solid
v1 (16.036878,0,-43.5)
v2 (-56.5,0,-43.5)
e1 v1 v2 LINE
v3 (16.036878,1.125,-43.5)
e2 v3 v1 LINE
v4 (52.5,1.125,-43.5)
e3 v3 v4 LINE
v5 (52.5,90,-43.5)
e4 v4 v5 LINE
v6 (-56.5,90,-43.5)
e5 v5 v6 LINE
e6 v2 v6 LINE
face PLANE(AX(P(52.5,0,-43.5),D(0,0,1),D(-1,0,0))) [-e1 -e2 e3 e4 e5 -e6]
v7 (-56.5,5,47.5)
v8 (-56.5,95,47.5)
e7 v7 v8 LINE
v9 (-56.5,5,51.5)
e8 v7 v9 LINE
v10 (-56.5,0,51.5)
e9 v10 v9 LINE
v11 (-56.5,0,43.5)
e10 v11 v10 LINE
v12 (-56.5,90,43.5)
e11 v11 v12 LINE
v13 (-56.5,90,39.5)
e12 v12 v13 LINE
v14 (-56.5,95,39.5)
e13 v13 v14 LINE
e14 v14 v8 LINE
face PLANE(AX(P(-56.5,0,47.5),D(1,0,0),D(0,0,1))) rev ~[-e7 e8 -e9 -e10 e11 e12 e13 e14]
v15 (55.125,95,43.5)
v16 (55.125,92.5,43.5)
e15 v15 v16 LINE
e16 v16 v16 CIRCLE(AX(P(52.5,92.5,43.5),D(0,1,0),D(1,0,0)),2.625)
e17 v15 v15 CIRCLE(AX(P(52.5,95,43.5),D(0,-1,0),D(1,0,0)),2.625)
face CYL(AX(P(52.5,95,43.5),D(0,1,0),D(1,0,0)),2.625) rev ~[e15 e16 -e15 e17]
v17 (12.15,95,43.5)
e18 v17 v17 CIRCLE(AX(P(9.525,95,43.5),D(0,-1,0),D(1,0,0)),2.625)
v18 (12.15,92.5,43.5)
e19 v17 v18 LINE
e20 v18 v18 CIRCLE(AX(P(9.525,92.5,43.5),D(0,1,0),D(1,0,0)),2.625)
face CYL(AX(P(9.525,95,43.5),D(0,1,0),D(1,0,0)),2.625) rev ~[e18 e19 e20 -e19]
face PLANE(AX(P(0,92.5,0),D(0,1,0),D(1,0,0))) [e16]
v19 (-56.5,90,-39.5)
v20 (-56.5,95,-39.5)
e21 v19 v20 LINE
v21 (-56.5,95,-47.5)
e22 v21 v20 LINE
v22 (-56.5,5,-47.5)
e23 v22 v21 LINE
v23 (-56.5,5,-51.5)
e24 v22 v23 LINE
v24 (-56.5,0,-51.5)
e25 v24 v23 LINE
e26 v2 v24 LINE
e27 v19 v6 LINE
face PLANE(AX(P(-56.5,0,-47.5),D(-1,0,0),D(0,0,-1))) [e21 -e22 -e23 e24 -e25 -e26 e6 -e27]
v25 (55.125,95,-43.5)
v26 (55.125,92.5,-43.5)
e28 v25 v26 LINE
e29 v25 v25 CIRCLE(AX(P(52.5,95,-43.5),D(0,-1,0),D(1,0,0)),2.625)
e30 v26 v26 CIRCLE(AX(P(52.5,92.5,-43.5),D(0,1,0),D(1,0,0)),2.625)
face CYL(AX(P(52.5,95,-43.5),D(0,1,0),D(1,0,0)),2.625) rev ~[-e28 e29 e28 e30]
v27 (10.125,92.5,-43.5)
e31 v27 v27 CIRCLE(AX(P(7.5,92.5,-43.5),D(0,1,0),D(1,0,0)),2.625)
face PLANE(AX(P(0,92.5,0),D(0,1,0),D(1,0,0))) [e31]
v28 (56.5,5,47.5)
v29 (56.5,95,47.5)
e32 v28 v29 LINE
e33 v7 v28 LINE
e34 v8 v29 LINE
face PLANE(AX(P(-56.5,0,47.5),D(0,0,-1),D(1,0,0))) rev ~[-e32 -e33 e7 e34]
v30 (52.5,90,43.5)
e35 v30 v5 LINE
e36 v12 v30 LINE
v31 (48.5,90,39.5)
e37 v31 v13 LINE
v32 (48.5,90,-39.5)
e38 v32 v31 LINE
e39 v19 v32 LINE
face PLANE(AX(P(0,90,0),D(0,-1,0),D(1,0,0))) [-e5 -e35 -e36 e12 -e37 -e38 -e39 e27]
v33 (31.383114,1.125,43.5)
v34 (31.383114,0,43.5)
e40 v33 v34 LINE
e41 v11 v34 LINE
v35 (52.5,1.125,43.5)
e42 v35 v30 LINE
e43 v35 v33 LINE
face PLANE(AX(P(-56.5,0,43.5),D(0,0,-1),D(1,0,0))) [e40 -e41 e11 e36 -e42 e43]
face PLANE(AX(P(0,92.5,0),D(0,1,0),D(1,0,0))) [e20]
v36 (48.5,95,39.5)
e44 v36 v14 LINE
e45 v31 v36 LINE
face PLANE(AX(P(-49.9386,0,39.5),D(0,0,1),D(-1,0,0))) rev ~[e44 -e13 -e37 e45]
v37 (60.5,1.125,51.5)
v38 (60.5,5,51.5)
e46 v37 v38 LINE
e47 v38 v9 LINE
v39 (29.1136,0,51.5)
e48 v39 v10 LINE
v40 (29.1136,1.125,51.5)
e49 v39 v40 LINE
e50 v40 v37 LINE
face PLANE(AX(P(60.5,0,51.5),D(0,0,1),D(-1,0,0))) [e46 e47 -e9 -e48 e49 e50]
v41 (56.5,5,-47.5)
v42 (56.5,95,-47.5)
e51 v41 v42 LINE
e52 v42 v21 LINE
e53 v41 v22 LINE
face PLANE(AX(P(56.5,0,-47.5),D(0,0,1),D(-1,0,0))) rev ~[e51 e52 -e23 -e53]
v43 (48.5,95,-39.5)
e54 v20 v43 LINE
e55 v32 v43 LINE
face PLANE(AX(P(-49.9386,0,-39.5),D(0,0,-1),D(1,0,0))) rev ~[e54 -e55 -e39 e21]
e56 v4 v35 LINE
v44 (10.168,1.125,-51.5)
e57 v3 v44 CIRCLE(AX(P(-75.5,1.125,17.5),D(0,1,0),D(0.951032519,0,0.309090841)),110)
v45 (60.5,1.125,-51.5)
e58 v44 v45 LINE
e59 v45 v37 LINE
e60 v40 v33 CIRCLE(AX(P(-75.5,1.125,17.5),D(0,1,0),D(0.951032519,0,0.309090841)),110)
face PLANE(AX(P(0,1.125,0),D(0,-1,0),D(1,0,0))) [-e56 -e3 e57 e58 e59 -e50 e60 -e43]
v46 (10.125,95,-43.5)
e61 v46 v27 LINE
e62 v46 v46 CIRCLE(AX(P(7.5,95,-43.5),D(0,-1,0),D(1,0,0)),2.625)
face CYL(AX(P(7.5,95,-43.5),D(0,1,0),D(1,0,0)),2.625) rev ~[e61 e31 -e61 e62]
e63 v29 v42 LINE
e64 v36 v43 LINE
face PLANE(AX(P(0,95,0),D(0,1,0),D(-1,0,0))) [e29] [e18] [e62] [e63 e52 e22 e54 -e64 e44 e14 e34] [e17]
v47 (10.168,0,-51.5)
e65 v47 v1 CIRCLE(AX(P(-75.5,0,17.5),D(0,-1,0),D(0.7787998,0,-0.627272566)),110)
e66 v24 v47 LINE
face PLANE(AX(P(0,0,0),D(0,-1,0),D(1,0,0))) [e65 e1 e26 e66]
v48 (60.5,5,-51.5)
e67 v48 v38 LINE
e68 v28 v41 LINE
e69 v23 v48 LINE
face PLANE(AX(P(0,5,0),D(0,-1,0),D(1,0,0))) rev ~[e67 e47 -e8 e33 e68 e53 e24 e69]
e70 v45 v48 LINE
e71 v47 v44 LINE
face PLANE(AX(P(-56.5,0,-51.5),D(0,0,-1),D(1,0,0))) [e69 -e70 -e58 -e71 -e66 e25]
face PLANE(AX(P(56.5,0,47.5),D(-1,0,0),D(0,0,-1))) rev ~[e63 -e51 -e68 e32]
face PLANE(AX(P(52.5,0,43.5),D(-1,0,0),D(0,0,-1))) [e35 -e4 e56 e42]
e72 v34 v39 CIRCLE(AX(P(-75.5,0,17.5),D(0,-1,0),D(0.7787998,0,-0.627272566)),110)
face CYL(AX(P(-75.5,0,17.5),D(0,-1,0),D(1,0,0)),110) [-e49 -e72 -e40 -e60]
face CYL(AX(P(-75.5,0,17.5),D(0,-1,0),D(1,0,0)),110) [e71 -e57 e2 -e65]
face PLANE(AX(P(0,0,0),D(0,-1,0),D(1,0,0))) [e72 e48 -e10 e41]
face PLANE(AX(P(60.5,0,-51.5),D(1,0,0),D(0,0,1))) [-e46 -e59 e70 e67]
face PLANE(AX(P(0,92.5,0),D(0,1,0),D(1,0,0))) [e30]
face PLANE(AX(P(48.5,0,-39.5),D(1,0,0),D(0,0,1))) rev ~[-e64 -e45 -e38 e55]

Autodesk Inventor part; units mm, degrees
ref_plane "YZ Plane" through (0, 0, 0) normal (1, 0, 0) x (0, 1, 0)
ref_plane "XZ Plane" through (0, 0, 0) normal (0, 1, 0) x (-1, 0, 0)
ref_plane "XY Plane" through (0, 0, 0) normal (0, 0, 1) x (1, 0, 0)
sketch "Sketch8" plane through (0, 0, 0) normal (0, 1, 0) x (-1, 0, 0)
  line L0 (-56.5, -47.5) -> (56.5, -47.5)
  line L1 (56.5, -47.5) -> (56.5, 47.5)
  line L2 (56.5, 47.5) -> (-56.5, 47.5)
  line L3 (-56.5, 47.5) -> (-56.5, -47.5)
  line L4 (-56.5, -47.5) -> (56.5, 47.5) construction
  line L5 (56.5, -47.5) -> (-56.5, 47.5) construction
  point P0 (0, 0)
  dimension "d26" = 113
  dimension "d27" = 95
extrude "Extrusion7" add sketch "Sketch8" along normal blind 95
sketch "Sketch9" plane through (0, 0, 0) normal (0, -1, 0) x (1, 0, 0)
  line L0 (-56.5, 47.5) -> (56.5, 47.5) projected
  line L1 (-56.5, -47.5) -> (56.5, -47.5)
  line L2 (56.5, -47.5) -> (56.5, 47.5)
  line L3 (56.5, 47.5) -> (-56.5, 47.5)
  line L4 (-56.5, 47.5) -> (-56.5, -47.5)
  line L5 (-56.5, -47.5) -> (56.5, 47.5) construction
  line L6 (56.5, -47.5) -> (-56.5, 47.5) construction
  line L7 (52.5, 43.5) -> (52.5, -43.5)
  line L8 (52.5, -43.5) -> (-56.5, -43.5)
  line L9 (-56.5, 43.5) -> (52.5, 43.5)
  line L10 (48.5, -39.5) -> (48.5, 39.5)
  line L11 (48.5, 39.5) -> (-56.5, 39.5)
  line L12 (-56.5, -39.5) -> (48.5, -39.5)
  line L13 (-54.3018, -43.5) -> (-54.3018, -45.6519)
  line L14 (-54.3018, 45.6519) -> (-54.3018, 43.5)
  line L15 (-49.9386, 39.5) -> (-49.9386, 41.9838)
  line L16 (-49.9386, -41.9838) -> (-49.9386, -39.5)
  point P0 (0, 0)
  dimension "d30" = 4
  dimension "d31" = 4
  dimension "d47" = 4
  dimension "d48" = 4
  dimension "d49" = 4
  dimension "d50" = 4
extrude "Extrusion8" cut sketch "Sketch9" against normal blind 115 contours L11 L10 L12 L4
extrude "Extrusion9" cut sketch "Sketch9" against normal blind 90 contours L9 L7 L8 L4 L12 L10 L11
sketch "Sketch10" plane through (0, 0, 0) normal (0, -1, 0) x (1, 0, 0)
  line L0 (56.5, -47.5) -> (-56.5, -47.5)
  line L1 (-56.5, -47.5) -> (-56.5, 47.5)
  line L2 (-56.5, 47.5) -> (56.5, 47.5)
  line L3 (56.5, 47.5) -> (56.5, -47.5)
  line L4 (56.5, -47.5) -> (-56.5, 47.5) construction
  line L5 (-56.5, -47.5) -> (56.5, 47.5) construction
  line L6 (-60.5, 51.5) -> (-60.5, -51.5)
  line L7 (-60.5, -51.5) -> (60.5, -51.5)
  line L8 (60.5, -51.5) -> (60.5, 51.5)
  line L9 (60.5, 51.5) -> (-60.5, 51.5)
  line L10 (-56.5, 47.5) -> (-60.5, 47.5)
  line L11 (-56.5, -47.5) -> (-60.5, -47.5)
  line L12 (-56.5, 47.5) -> (-56.5, 51.5)
  line L13 (-56.5, -47.5) -> (-56.5, -51.5)
  point P0 (0, 0)
  dimension "d36" = 4
extrude "Extrusion10" add sketch "Sketch10" against normal blind 5 contours L3 L2 L12 L9 L8 L7 L13 L0
sketch "Sketch11" plane through (0, 0, 0) normal (0, -1, 0) x (1, 0, 0)
  circle A0 centre (-75.5, 17.5) radius 135
  line L0 (52.5, 43.5) -> (52.5, -43.5) projected
  line L1 (60.5, -51.5) -> (60.5, 51.5) projected
  circle A1 centre (-75.5, 17.5) radius 110
  line L2 (10.168, -51.5) -> (60.5, -51.5)
  line L3 (60.5, -51.5) -> (60.5, 51.5)
  line L4 (60.5, 51.5) -> (29.1136, 51.5)
  line L5 (-56.5, 51.5) -> (60.5, 51.5) projected
  point P0 (0, 0)
  dimension "d39" = 270
  dimension "d41" = 136
  dimension "d42" = 220
extrude "Extrusion11" cut sketch "Sketch11" against normal blind 1.125 contours A0 L2 A1 L4 | A0 L4 L1 L2 picked at (50.9054, 12.6578)
sketch "Sketch12" plane through (0, 95, 0) normal (0, 1, 0) x (1, 0, 0)
  line L0 (-56.5, -43.5) -> (52.5, -43.5) projected
  circle A0 centre (52.5, -43.5) radius 2.625
  line L1 (52.5, 43.5) -> (52.5, -43.5) projected
  circle A1 centre (52.5, 43.5) radius 2.625
  line L2 (52.5, 43.5) -> (-56.5, 43.5) projected
  circle A2 centre (7.5, 43.5) radius 2.625
  circle A3 centre (9.525, -43.5) radius 2.625
  point P0 (0, 0)
  dimension "d51" = 5.25
  dimension "d52" = 5.25
  dimension "d53" = 5.25
  dimension "d54" = 5.25
  dimension "d57" = 45
extrude "Extrusion13" cut sketch "Sketch12" against normal blind 2.5
properties part number "Galvo Housing-01"
